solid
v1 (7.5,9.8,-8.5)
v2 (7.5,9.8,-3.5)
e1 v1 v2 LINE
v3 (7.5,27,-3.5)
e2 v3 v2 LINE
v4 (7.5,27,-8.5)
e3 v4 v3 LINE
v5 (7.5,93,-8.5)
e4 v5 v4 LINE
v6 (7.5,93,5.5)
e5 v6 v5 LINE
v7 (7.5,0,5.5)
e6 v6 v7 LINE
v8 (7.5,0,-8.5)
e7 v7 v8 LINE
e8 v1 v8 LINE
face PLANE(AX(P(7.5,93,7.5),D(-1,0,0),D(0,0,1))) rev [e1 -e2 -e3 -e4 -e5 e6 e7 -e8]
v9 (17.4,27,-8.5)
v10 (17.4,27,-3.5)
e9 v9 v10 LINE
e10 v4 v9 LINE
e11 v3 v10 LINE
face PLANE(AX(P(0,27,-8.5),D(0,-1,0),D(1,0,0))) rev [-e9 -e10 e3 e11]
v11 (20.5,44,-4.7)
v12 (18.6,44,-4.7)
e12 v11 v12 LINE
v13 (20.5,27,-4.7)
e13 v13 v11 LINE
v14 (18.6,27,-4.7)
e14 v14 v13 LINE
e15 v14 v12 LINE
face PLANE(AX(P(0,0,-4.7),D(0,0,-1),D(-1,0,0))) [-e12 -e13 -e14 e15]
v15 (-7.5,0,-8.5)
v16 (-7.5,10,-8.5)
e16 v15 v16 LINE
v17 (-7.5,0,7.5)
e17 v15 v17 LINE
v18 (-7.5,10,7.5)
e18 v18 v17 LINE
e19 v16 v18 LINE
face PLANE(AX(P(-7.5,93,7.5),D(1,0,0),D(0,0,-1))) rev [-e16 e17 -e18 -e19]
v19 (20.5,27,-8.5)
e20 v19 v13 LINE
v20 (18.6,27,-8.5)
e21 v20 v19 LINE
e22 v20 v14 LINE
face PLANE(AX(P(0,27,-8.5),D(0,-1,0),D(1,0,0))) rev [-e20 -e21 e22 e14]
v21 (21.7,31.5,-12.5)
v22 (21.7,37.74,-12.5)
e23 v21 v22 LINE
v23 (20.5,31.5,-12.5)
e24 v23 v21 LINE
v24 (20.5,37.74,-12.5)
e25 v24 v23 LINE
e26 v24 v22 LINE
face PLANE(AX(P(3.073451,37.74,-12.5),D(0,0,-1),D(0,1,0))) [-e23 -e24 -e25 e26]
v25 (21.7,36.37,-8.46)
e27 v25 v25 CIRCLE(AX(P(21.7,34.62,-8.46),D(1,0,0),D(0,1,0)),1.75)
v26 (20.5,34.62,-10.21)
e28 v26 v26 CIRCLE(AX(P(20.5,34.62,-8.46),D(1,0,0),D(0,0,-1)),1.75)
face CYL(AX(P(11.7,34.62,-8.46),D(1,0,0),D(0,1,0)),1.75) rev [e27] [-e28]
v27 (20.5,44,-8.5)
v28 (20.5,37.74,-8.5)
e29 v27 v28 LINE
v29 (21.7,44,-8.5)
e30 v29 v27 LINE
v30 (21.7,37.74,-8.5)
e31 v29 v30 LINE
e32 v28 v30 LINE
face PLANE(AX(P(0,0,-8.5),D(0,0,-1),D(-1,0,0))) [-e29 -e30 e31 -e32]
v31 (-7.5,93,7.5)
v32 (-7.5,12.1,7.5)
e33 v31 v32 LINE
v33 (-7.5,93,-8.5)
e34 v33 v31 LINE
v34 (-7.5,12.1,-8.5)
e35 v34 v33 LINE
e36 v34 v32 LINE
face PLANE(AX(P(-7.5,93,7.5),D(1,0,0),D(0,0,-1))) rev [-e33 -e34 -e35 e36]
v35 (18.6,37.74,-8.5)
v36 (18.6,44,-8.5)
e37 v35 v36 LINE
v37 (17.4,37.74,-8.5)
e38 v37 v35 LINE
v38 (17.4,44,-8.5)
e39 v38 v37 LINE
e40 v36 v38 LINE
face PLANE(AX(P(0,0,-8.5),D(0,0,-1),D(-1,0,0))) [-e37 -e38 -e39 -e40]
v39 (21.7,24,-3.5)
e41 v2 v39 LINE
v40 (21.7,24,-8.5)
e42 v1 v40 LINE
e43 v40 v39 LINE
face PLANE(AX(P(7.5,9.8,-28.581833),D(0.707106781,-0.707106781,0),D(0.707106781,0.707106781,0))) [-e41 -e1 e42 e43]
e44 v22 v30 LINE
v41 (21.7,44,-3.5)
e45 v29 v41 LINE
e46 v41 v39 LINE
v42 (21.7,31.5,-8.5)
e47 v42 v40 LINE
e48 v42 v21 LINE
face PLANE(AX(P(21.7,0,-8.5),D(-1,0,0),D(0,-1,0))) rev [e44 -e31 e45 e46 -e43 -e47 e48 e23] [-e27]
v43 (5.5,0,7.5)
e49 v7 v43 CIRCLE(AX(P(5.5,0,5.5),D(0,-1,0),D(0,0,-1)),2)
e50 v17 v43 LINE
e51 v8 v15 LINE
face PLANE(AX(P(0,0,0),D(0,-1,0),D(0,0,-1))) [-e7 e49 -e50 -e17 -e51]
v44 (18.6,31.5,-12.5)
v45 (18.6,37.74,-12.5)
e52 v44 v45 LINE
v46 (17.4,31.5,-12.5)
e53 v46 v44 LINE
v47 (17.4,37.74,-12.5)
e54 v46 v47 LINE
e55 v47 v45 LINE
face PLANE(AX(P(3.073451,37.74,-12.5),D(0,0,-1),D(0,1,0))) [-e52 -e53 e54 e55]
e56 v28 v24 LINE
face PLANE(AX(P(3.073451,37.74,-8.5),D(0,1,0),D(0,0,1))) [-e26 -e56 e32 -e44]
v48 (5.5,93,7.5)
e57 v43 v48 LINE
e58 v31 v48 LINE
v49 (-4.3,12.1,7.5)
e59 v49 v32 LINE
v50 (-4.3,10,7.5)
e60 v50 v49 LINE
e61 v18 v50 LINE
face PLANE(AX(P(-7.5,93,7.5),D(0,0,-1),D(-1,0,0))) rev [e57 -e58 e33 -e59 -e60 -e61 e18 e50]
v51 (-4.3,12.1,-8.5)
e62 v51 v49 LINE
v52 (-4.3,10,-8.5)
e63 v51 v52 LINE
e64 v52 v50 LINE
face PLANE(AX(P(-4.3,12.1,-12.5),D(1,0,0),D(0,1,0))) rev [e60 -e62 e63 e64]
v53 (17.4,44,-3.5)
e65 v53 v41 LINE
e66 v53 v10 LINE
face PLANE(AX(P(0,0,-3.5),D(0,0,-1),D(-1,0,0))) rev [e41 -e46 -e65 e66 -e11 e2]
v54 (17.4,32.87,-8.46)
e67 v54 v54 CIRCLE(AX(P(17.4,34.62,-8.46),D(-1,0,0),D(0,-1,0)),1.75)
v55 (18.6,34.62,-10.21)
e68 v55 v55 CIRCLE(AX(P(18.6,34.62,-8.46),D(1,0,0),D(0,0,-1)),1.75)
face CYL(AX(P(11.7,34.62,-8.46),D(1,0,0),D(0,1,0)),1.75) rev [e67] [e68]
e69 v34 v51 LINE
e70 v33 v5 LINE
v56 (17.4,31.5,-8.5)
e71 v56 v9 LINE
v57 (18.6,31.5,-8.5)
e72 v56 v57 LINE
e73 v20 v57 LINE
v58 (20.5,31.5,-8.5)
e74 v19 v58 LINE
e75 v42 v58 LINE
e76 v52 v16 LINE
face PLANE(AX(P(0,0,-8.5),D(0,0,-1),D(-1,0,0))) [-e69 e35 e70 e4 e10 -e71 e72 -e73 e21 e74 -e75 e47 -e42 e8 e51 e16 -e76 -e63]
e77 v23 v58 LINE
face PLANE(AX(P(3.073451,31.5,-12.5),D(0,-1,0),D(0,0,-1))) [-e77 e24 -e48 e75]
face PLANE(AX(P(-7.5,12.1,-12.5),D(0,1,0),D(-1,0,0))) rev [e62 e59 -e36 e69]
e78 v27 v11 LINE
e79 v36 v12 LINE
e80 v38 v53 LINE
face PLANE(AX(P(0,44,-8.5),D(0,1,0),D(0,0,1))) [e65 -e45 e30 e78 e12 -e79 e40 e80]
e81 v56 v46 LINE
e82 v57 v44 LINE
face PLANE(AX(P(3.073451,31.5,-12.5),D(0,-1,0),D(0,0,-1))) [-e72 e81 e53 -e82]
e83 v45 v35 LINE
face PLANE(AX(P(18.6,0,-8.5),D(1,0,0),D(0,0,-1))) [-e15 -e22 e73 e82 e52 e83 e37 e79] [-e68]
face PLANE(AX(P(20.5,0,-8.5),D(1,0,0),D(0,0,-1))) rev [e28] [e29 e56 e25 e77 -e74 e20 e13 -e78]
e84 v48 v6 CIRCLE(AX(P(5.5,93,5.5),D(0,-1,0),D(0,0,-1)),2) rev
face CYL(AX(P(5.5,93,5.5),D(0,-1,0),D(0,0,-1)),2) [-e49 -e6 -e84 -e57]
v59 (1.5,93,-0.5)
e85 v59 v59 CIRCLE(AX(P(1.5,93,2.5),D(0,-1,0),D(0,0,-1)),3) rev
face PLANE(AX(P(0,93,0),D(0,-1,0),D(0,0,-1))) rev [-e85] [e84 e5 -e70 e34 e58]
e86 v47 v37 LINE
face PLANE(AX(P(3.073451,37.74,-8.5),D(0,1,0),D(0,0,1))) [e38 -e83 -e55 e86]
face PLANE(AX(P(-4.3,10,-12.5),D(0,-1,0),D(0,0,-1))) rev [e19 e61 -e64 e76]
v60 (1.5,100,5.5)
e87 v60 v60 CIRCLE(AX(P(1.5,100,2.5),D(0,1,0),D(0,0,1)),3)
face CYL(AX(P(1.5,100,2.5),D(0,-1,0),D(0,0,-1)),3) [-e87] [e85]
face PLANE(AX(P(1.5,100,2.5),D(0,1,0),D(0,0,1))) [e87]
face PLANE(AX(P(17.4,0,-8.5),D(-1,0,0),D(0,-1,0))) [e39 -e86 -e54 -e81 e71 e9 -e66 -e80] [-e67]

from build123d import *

# Parameters (mm, degrees)
SKETCH1_W                       = 15
SKETCH1_H                       = 15
BOSS_EXTRUDE1_DEPTH             = 93
SKETCH2_R                       = 3
BOSS_EXTRUDE2_DEPTH             = 7
FILLET1_R                       = 2
BOSS_EXTRUDE3_DEPTH             = 1
BOSS_EXTRUDE3_DEPTH_BACK        = 4
SKETCH5_W                       = 1.2
SKETCH5_H                       = 17
SKETCH6_W                       = 4.3
SKETCH6_H                       = 20
BOSS_EXTRUDE4_DEPTH             = 1.2
BOSS_EXTRUDE5_REACH             = 106.522
SKETCH9_W                       = 1.9
SKETCH9_H                       = 20
CUT_EXTRUDE2_DEPTH              = 17
SKETCH10_R                      = 1.75
CUT_EXTRUDE3_DEPTH              = 10
SKETCH11_W                      = 1
SKETCH11_H                      = 3
BOSS_EXTRUDE6_DEPTH             = 15
BOSS_EXTRUDE7_REACH             = 79.176
SKETCH12_W                      = 15
SKETCH12_H                      = 1
BOSS_EXTRUDE7_DIRECTION_2_REACH = 79.176
SKETCH3_W                       = 3.2
SKETCH3_H                       = 2.1
CUT_EXTRUDE1_DEPTH              = 105.263560269
BOSS_EXTRUDE8_DEPTH             = 5


with BuildPart() as part:
    # Sketch1 → Boss-Extrude1 (new body)
    with BuildSketch(Plane(origin=(0, 0, 0), x_dir=(1, 0, 0), z_dir=(0, 1, 0))):
        Rectangle(SKETCH1_W, SKETCH1_H)
    extrude(amount=BOSS_EXTRUDE1_DEPTH)

    # Sketch2 → Boss-Extrude2 (add)
    with BuildSketch(Plane(origin=(0, 93, 0), x_dir=(1, 0, 0), z_dir=(0, 1, 0))):
        with Locations(Location((1.5, -2.5, 0), (0, 0, 90))):
            Circle(SKETCH2_R)
    extrude(amount=BOSS_EXTRUDE2_DEPTH)

    # Fillet1
    fillet1_edges = [part.edges().sort_by_distance(p)[0] for p in [
        (7.5, 46.5, 7.5),
    ]]
    fillet(fillet1_edges, radius=FILLET1_R)

    # Sketch5 → Boss-Extrude3 (add, two sides: drawn at the far end of the back side and taken through both)
    with BuildSketch(Plane(origin=(0, 0, -7.5), x_dir=(-1, 0, 0), z_dir=(0, 0, -1)).offset(-BOSS_EXTRUDE3_DEPTH_BACK)):
        Polygon((-21.7, 24), (-7.5, 24), (-7.5, 27), (-17.4, 27), (-18.6, 27), (-20.5, 27), (-20.5, 44), (-21.7, 44), align=None)
        with Locations((-18, 35.5)):
            Rectangle(SKETCH5_W, SKETCH5_H)
    extrude(amount=BOSS_EXTRUDE3_DEPTH + BOSS_EXTRUDE3_DEPTH_BACK)

    # Sketch6 → Boss-Extrude4 (add)
    with BuildSketch(Plane.XY.offset(-3.5)):
        with Locations((19.55, 34)):
            Rectangle(SKETCH6_W, SKETCH6_H)
    extrude(amount=-BOSS_EXTRUDE4_DEPTH)

    # Boss-Extrude5: up to this face of the body (flat: up to its plane)
    boss_extrude5_end = Plane(part.part.faces().sort_by_distance((17.4, 35.5, -6))[0])
    # Sketch7 → Boss-Extrude5 (add, up to the picked face)
    with BuildSketch(Plane(origin=(21.7, 0, 0), x_dir=(0, 0, -1), z_dir=(1, 0, 0)), mode=Mode.PRIVATE) as boss_extrude5_sk1:
        Polygon((5.5, 34.5), (5.5, 44), (8.5, 44), (8.5, 37.74), (12.5, 37.74), (12.5, 31.5), (8.5, 31.5), align=None)
    boss_extrude5_tool1 = split(extrude(boss_extrude5_sk1.sketch, amount=-BOSS_EXTRUDE5_REACH, mode=Mode.PRIVATE), bisect_by=boss_extrude5_end, keep=Keep.BOTH, mode=Mode.PRIVATE)
    add(boss_extrude5_tool1.solids().sort_by(Axis((21.7, 36.8097, -8.546066), (-1, 0, 0)))[0])

    # Sketch9 → Cut-Extrude2 (cut)
    with BuildSketch(Plane(origin=(0, 44, 0), x_dir=(1, 0, 0), z_dir=(0, 1, 0))):
        with Locations((19.55, 14.7)):
            Rectangle(SKETCH9_W, SKETCH9_H)
    extrude(amount=-CUT_EXTRUDE2_DEPTH, mode=Mode.SUBTRACT)

    # Sketch10 → Cut-Extrude3 (cut)
    with BuildSketch(Plane(origin=(21.7, 0, 0), x_dir=(0, 0, -1), z_dir=(1, 0, 0))):
        with Locations(Location((8.46, 34.62, 0), (0, 0, 90))):
            Circle(SKETCH10_R)
    extrude(amount=-CUT_EXTRUDE3_DEPTH, mode=Mode.SUBTRACT)

    # Sketch11 → Boss-Extrude6 (add)
    with BuildSketch(Plane.ZY.offset(-7.5)):
        with Locations((-8, 25.5)):
            Rectangle(SKETCH11_W, SKETCH11_H)
    extrude(amount=BOSS_EXTRUDE6_DEPTH)

    # Boss-Extrude7: up to this face of the body (flat: up to its plane)
    boss_extrude7_end = Plane(part.part.faces().sort_by_distance((-0.247443472, 93, -0.391798042))[0])
    # Sketch12 → Boss-Extrude7 (add, up to the picked face)
    with BuildSketch(Plane(origin=(0, 27, 0), x_dir=(1, 0, 0), z_dir=(0, 1, 0)), mode=Mode.PRIVATE) as boss_extrude7_sk1:
        with Locations((0, 8)):
            Rectangle(SKETCH12_W, SKETCH12_H)
    boss_extrude7_tool1 = split(extrude(boss_extrude7_sk1.sketch, amount=BOSS_EXTRUDE7_REACH, mode=Mode.PRIVATE), bisect_by=boss_extrude7_end, keep=Keep.BOTH, mode=Mode.PRIVATE)
    add(boss_extrude7_tool1.solids().sort_by(Axis((0, 27, -8), (0, 1, 0)))[0])

    # Boss-Extrude7 direction 2: up to this face of the body (flat: up to its plane)
    boss_extrude7_direction_2_end = Plane(part.part.faces().sort_by_distance((-0.027012272, 0, -0.027012272))[0])
    # Sketch12 → Boss-Extrude7 direction 2 (add, up to the picked face)
    with BuildSketch(Plane(origin=(0, 27, 0), x_dir=(1, 0, 0), z_dir=(0, 1, 0)), mode=Mode.PRIVATE) as boss_extrude7_direction_2_sk1:
        with Locations((0, 8)):
            Rectangle(SKETCH12_W, SKETCH12_H)
    boss_extrude7_direction_2_tool1 = split(extrude(boss_extrude7_direction_2_sk1.sketch, amount=-BOSS_EXTRUDE7_DIRECTION_2_REACH, mode=Mode.PRIVATE), bisect_by=boss_extrude7_direction_2_end, keep=Keep.BOTH, mode=Mode.PRIVATE)
    add(boss_extrude7_direction_2_tool1.solids().sort_by(Axis((0, 27, -8), (0, -1, 0)))[0])

    # Sketch3 → Cut-Extrude1 (cut, through all)
    with BuildSketch(Plane.XY.offset(7.5)):
        with Locations((-5.9, 11.05)):
            Rectangle(SKETCH3_W, SKETCH3_H)
    extrude(amount=-CUT_EXTRUDE1_DEPTH, mode=Mode.SUBTRACT)

    # Sketch13 → Boss-Extrude8 (add)
    with BuildSketch(Plane.XY.offset(-3.5)):
        Polygon((21.7, 24), (7.5, 24), (7.5, 9.8), align=None)
    extrude(amount=-BOSS_EXTRUDE8_DEPTH)


solid = part.part
